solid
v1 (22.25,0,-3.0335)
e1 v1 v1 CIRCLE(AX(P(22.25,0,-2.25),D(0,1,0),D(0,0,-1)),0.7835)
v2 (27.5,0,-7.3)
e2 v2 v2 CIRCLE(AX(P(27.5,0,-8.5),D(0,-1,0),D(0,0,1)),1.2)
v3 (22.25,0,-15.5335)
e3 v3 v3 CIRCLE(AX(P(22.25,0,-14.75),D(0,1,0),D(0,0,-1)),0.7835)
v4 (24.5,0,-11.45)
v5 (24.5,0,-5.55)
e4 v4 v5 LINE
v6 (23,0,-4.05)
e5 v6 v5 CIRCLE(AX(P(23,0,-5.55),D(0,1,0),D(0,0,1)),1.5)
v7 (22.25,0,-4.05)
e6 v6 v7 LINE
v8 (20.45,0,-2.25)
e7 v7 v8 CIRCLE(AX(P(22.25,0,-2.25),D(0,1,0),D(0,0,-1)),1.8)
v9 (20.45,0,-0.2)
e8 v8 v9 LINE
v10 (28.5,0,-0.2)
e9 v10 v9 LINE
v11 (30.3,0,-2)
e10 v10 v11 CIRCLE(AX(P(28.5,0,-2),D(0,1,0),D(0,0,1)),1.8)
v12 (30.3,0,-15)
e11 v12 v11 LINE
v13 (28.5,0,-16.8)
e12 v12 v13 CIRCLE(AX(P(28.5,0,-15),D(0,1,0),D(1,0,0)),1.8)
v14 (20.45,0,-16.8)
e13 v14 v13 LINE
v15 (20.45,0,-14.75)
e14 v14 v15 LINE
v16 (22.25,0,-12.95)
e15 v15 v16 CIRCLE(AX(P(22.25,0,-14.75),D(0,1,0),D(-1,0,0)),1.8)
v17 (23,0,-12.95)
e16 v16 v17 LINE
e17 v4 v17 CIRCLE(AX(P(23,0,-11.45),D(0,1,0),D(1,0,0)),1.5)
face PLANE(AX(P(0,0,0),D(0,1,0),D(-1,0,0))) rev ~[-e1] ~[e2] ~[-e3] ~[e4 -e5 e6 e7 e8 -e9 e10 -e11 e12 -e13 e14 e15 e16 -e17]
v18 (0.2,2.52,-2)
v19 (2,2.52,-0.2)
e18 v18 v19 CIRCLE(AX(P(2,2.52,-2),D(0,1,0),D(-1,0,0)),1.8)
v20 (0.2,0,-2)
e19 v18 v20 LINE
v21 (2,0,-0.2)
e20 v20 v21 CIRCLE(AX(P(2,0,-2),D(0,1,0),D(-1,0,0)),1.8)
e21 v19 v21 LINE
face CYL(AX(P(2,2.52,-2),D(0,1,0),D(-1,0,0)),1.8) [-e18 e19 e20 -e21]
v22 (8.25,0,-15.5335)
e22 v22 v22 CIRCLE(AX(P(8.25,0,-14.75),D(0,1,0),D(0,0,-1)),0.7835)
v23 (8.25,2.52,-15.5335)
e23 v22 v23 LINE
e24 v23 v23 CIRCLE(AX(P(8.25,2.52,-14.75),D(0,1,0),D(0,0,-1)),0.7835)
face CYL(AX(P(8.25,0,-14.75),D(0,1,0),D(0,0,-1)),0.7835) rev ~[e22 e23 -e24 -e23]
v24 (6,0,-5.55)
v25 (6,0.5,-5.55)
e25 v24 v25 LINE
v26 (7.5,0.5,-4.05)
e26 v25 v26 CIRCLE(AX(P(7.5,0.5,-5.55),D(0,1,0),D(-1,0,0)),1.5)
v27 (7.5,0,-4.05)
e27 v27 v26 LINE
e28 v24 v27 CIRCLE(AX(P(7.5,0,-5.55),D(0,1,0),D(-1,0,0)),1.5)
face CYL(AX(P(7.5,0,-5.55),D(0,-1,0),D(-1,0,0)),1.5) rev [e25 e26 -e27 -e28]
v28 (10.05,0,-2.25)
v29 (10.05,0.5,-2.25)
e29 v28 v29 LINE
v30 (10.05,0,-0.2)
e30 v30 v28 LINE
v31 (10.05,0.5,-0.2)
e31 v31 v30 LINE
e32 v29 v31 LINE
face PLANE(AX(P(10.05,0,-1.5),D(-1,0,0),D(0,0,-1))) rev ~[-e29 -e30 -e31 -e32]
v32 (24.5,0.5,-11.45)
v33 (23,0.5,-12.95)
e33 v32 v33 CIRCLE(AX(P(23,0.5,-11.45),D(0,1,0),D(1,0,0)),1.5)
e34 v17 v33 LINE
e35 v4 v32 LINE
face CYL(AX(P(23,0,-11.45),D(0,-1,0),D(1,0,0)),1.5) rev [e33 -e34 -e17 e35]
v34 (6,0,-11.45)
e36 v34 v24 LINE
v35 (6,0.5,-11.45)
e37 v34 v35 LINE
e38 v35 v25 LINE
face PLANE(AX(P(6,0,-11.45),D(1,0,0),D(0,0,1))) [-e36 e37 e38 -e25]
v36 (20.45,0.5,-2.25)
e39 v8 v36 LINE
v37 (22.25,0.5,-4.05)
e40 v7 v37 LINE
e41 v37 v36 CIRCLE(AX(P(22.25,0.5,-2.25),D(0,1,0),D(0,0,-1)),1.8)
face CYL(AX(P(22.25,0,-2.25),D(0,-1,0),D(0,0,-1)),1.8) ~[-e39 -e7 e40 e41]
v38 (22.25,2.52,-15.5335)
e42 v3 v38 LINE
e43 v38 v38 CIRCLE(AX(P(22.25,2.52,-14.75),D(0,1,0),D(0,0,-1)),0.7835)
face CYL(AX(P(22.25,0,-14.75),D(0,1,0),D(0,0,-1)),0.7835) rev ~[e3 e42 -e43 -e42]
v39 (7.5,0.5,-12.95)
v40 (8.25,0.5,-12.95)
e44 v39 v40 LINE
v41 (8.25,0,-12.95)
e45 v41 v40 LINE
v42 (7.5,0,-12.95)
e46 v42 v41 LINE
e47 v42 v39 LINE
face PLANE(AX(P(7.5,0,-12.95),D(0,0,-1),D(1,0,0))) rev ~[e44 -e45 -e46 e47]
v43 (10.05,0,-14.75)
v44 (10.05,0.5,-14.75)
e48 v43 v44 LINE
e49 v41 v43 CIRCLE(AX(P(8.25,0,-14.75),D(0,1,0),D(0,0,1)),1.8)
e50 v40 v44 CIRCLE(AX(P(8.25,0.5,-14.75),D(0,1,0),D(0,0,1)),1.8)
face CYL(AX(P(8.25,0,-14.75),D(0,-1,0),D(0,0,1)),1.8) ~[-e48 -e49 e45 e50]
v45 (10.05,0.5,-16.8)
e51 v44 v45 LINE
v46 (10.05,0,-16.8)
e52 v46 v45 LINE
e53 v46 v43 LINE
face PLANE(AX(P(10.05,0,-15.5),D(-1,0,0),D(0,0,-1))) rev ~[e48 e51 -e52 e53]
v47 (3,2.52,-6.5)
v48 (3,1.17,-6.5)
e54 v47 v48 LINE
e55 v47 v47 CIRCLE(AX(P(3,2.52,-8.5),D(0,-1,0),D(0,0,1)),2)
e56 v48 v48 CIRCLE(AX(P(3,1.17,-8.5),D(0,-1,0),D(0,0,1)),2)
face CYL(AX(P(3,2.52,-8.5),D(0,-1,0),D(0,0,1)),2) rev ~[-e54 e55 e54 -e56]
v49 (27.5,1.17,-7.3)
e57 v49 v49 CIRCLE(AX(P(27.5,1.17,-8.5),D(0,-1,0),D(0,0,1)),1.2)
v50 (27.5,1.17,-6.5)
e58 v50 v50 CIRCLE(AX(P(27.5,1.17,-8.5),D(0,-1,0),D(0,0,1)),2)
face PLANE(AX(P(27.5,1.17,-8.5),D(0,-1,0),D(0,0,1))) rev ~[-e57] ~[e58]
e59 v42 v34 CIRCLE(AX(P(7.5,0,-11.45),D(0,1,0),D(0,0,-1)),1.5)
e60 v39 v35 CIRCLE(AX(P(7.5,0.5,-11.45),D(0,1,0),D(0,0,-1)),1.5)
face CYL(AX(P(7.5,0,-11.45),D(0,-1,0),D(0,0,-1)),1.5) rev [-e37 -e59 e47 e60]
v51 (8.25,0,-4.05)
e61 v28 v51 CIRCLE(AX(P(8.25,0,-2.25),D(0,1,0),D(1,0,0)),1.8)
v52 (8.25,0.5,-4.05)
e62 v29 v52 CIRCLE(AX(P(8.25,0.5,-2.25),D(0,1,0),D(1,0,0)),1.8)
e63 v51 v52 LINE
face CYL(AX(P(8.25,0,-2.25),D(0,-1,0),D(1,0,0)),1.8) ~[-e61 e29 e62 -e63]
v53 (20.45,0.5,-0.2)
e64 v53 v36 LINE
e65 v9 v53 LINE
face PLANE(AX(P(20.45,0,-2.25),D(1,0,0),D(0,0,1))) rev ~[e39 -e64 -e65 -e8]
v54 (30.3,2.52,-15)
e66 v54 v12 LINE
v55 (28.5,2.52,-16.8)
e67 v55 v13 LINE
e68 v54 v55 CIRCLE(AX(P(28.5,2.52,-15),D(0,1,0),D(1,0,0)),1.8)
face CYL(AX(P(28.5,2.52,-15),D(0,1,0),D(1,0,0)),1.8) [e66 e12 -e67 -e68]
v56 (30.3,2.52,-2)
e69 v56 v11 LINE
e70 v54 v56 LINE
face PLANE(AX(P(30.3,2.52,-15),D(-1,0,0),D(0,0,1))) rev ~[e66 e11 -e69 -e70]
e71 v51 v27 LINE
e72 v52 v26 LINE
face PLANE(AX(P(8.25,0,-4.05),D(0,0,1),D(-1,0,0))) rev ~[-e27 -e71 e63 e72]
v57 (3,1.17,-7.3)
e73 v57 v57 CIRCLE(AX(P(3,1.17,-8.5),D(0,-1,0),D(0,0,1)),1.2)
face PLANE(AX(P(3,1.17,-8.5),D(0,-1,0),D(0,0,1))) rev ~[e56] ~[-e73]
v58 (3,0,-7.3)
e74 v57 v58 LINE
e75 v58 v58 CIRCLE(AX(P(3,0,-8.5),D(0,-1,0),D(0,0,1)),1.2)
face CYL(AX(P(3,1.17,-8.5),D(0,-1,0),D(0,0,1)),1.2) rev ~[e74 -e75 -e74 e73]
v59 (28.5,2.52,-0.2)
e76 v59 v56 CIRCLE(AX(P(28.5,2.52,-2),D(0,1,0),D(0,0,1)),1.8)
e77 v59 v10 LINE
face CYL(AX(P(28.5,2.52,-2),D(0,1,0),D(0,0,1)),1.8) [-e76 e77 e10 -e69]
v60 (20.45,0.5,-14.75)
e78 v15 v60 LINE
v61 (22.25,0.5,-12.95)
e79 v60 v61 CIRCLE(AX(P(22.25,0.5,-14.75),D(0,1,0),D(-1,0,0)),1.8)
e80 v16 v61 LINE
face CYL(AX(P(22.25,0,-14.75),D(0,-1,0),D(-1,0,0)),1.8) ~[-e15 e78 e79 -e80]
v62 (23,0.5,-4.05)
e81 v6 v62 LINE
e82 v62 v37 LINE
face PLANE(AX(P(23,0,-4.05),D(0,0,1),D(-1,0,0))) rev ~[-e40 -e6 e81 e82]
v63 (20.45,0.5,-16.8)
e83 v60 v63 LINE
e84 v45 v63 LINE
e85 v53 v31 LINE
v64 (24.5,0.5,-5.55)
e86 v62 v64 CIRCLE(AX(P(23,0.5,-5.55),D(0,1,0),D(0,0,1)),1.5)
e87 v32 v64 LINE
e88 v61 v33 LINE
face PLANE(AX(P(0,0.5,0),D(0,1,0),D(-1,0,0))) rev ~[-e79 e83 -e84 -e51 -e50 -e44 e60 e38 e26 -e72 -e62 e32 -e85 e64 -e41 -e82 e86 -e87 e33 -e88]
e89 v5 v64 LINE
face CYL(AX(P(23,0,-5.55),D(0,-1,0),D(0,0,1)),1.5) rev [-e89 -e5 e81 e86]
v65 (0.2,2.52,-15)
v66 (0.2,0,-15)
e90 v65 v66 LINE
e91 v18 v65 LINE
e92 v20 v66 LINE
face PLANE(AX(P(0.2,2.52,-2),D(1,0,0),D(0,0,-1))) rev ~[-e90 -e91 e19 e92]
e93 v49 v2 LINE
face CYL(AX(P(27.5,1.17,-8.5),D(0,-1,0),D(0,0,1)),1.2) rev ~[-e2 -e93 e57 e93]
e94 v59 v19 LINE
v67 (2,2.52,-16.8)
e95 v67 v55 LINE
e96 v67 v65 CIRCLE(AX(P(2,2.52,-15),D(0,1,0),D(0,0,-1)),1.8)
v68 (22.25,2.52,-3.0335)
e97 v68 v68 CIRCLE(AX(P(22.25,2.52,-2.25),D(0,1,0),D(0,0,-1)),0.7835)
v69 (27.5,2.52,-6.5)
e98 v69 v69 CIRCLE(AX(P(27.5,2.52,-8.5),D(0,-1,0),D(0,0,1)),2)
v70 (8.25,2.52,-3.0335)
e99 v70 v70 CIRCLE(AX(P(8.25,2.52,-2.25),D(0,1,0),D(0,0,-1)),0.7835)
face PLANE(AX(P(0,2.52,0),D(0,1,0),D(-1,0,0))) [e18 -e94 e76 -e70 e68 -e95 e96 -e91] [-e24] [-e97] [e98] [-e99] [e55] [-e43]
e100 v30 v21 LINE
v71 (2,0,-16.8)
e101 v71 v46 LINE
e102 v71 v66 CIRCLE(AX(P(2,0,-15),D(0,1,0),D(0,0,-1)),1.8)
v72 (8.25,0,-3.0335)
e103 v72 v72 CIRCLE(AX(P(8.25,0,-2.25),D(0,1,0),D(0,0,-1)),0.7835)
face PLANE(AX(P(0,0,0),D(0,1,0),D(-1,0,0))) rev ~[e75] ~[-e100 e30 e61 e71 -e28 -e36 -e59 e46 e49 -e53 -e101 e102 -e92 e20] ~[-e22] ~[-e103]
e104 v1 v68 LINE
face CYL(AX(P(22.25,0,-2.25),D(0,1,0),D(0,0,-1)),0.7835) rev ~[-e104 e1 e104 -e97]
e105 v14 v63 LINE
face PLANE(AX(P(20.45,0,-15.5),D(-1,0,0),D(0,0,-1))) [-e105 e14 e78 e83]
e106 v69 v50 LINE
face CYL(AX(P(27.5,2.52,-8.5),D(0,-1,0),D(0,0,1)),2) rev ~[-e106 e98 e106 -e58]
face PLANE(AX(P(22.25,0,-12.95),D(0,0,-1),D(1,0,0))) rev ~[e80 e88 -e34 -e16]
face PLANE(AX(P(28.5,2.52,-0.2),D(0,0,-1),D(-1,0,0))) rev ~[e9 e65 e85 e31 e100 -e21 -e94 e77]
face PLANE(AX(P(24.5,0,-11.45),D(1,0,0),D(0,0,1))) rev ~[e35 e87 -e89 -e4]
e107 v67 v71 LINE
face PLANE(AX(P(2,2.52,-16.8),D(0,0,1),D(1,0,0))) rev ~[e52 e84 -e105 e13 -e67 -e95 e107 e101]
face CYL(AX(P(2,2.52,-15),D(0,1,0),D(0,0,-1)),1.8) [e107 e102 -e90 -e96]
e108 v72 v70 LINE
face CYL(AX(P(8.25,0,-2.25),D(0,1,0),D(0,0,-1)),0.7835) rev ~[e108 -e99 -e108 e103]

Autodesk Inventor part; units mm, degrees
ref_plane "YZ Plane" through (0, 0, 0) normal (1, 0, 0) x (0, 1, 0)
ref_plane "XZ Plane" through (0, 0, 0) normal (0, 1, 0) x (-1, 0, 0)
ref_plane "Work Plane1" through (0, 0, 0) normal (0, -1, 0) x (1, 0, 0)
sketch "Sketch7" plane through (0, 0, 0) normal (0, 1, 0) x (-1, 0, 0)
  arc A0 (-2, -17) -> (0, -15) centre (-2, -15) ccw
  line L0 (0, -15) -> (0, -2)
  arc A1 (0, -2) -> (-2, 0) centre (-2, -2) ccw
  line L1 (-2, 0) -> (-8.25, 0)
  arc A2 (-6, -2.25) -> (-8.25, 0) centre (-8.25, -2.25) ccw
  line L2 (-6, -14.75) -> (-6, -2.25)
  arc A3 (-8.25, -17) -> (-6, -14.75) centre (-8.25, -14.75) ccw
  line L3 (-8.25, -17) -> (-2, -17)
  line L4 (-22.25, 0) -> (-8.25, 0)
  arc A4 (-22.25, 0) -> (-24.5, -2.25) centre (-22.25, -2.25) ccw
  line L5 (-24.5, -14.75) -> (-24.5, -2.25)
  arc A5 (-24.5, -14.75) -> (-22.25, -17) centre (-22.25, -14.75) ccw
  line L6 (-8.25, -17) -> (-22.25, -17)
  arc A6 (-8.25, -17) -> (-6, -14.75) centre (-8.25, -14.75) ccw
  line L7 (-6, -2.25) -> (-6, -14.75)
  arc A7 (-6, -2.25) -> (-8.25, 0) centre (-8.25, -2.25) ccw
  arc A8 (-28.5, 0) -> (-30.5, -2) centre (-28.5, -2) ccw
  line L8 (-30.5, -2) -> (-30.5, -15)
  arc A9 (-30.5, -15) -> (-28.5, -17) centre (-28.5, -15) ccw
  line L9 (-28.5, -17) -> (-22.25, -17)
  arc A10 (-24.5, -14.75) -> (-22.25, -17) centre (-22.25, -14.75) ccw
  line L10 (-24.5, -2.25) -> (-24.5, -14.75)
  arc A11 (-22.25, 0) -> (-24.5, -2.25) centre (-22.25, -2.25) ccw
  line L11 (-22.25, 0) -> (-28.5, 0)
  line L12 (-23, -4.05) -> (-22.25, -4.05)
  arc A12 (-22.25, -4.05) -> (-20.45, -2.25) centre (-22.25, -2.25) ccw
  line L13 (-20.45, -2.25) -> (-20.45, -1.5)
  arc A13 (-18.95, 0) -> (-20.45, -1.5) centre (-18.95, -1.5) ccw
  line L14 (-18.95, 0) -> (-22.25, 0)
  arc A14 (-22.25, 0) -> (-24.5, -2.25) centre (-22.25, -2.25) ccw
  line L15 (-24.5, -2.25) -> (-24.5, -5.55)
  arc A15 (-23, -4.05) -> (-24.5, -5.55) centre (-23, -5.55) ccw
  circle A16 centre (-22.25, -2.25) radius 0.8
  line L16 (-8.25, -4.05) -> (-7.5, -4.05)
  arc A17 (-6, -5.55) -> (-7.5, -4.05) centre (-7.5, -5.55) ccw
  line L17 (-6, -5.55) -> (-6, -2.25)
  arc A18 (-6, -2.25) -> (-8.25, 0) centre (-8.25, -2.25) ccw
  line L18 (-8.25, 0) -> (-11.55, 0)
  arc A19 (-10.05, -1.5) -> (-11.55, 0) centre (-11.55, -1.5) ccw
  line L19 (-10.05, -1.5) -> (-10.05, -2.25)
  arc A20 (-10.05, -2.25) -> (-8.25, -4.05) centre (-8.25, -2.25) ccw
  circle A21 centre (-8.25, -2.25) radius 0.8
  line L20 (-10.05, -14.75) -> (-10.05, -15.5)
  arc A22 (-11.55, -17) -> (-10.05, -15.5) centre (-11.55, -15.5) ccw
  line L21 (-11.55, -17) -> (-8.25, -17)
  arc A23 (-8.25, -17) -> (-6, -14.75) centre (-8.25, -14.75) ccw
  line L22 (-6, -14.75) -> (-6, -11.45)
  arc A24 (-7.5, -12.95) -> (-6, -11.45) centre (-7.5, -11.45) ccw
  line L23 (-7.5, -12.95) -> (-8.25, -12.95)
  arc A25 (-8.25, -12.95) -> (-10.05, -14.75) centre (-8.25, -14.75) ccw
  circle A26 centre (-8.25, -14.75) radius 0.8
  line L24 (-22.25, -12.95) -> (-23, -12.95)
  arc A27 (-24.5, -11.45) -> (-23, -12.95) centre (-23, -11.45) ccw
  line L25 (-24.5, -11.45) -> (-24.5, -14.75)
  arc A28 (-24.5, -14.75) -> (-22.25, -17) centre (-22.25, -14.75) ccw
  line L26 (-22.25, -17) -> (-18.95, -17)
  arc A29 (-20.45, -15.5) -> (-18.95, -17) centre (-18.95, -15.5) ccw
  line L27 (-20.45, -15.5) -> (-20.45, -14.75)
  arc A30 (-20.45, -14.75) -> (-22.25, -12.95) centre (-22.25, -14.75) ccw
  circle A31 centre (-22.25, -14.75) radius 0.8
  line L28 (-10.05, -1.5) -> (-10.05, 0)
  line L29 (-10.05, -15.5) -> (-10.05, -17)
  line L30 (-20.45, -15.5) -> (-20.45, -17)
  line L31 (-20.45, -1.5) -> (-20.45, 0)
  point P0 (0, 0)
  point P1 (145.09, 90.0262)
  point P2 (-71.3045, 9.3)
  point P3 (-8.25, 0)
  point P4 (-6, -5.55)
extrude "Extrusion5" add sketch "Sketch7" along normal blind 2.52 contours L3 A3 L2 A2 L1 A1 L0 A0 | L6 L29 L20 A25 L23 A24 L2 A3 | L6 A22 L29 | A24 L23 A25 L20 A22 L6 A29 L27 A30 L24 A27 L5 A15 L12 A12 L13 A13 L4 A19 L19 A20 L16 A17 L2 | A2 L2 A17 L16 A20 L19 L28 L4 | L6 L30 A29 | L28 A19 L4 | L6 A5 L5 A27 L24 A30 L27 L30 | L9 A9 L8 A8 L11 A4 L5 A5 | A13 L31 L4 | L31 L13 A12 L12 A15 L5 A4 L4 | A16 | A21 | A26 | A31
extrude "Extrusion6" cut sketch "Sketch7" along normal blind 0.5 contours L6 A22 L29 | A24 L23 A25 L20 A22 L6 A29 L27 A30 L24 A27 L5 A15 L12 A12 L13 A13 L4 A19 L19 A20 L16 A17 L2 | L6 L30 A29 | L28 A19 L4 | A13 L31 L4
sketch "Sketch8" plane through (0, 2.52, 0) normal (0, 1, 0) x (1, 0, 0)
  arc A0 (0, 2) -> (2, 0) centre (2, 2) ccw projected
  line L0 (2, 0) -> (28.5, 0) projected
  arc A1 (28.5, 0) -> (30.5, 2) centre (28.5, 2) ccw projected
  line L1 (30.5, 2) -> (30.5, 15) projected
  arc A2 (30.5, 15) -> (28.5, 17) centre (28.5, 15) ccw projected
  line L2 (28.5, 17) -> (2, 17) projected
  arc A3 (2, 17) -> (0, 15) centre (2, 15) ccw projected
  line L3 (0, 15) -> (0, 2) projected
  line L4 (2, 16.8) -> (28.5, 16.8)
  arc A4 (30.3, 15) -> (28.5, 16.8) centre (28.5, 15) ccw
  line L5 (30.3, 15) -> (30.3, 2)
  arc A5 (28.5, 0.2) -> (30.3, 2) centre (28.5, 2) ccw
  line L6 (28.5, 0.2) -> (2, 0.2)
  arc A6 (0.2, 2) -> (2, 0.2) centre (2, 2) ccw
  line L7 (0.2, 2) -> (0.2, 15)
  arc A7 (2, 16.8) -> (0.2, 15) centre (2, 15) ccw
  point P0 (0, 0)
  dimension "d32" = 0.2
extrude "Extrusion7" cut sketch "Sketch8" against normal blind 10
hole "Hole3" at (22.25, 0, -14.75) at (8.25, 0, -14.75) at (8.25, 0, -2.25) at (22.25, 0, -2.25) direction (0, 1, 0) diameter 1.567 depth 3 thread size "M2x0.4" class "6H" standard "ISO Metric profile"
sketch "Sketch10" plane through (0, 2.52, 0) normal (0, 1, 0) x (1, 0, 0)
  line L0 (24.5, 14.75) -> (24.5, 2.25) projected
  line L1 (6, 14.75) -> (6, 2.25) projected
  line L2 (24.5, 5.55) -> (24.5, 11.45) projected
  line L3 (24.5, 8.5) -> (27.5, 8.5)
  line L4 (6, 11.45) -> (6, 5.55) projected
  line L5 (6, 8.5) -> (3, 8.5)
  point P0 (0, 0)
  dimension "d42" = 3
  dimension "d43" = 3
hole "Hole4" at (27.5, 2.52, -8.5) at (3, 2.52, -8.5) direction (0, -1, 0) diameter 2.4 depth 3 counterbore diameter 4 counterbore depth 1.35
properties part number "2021-01-011"
